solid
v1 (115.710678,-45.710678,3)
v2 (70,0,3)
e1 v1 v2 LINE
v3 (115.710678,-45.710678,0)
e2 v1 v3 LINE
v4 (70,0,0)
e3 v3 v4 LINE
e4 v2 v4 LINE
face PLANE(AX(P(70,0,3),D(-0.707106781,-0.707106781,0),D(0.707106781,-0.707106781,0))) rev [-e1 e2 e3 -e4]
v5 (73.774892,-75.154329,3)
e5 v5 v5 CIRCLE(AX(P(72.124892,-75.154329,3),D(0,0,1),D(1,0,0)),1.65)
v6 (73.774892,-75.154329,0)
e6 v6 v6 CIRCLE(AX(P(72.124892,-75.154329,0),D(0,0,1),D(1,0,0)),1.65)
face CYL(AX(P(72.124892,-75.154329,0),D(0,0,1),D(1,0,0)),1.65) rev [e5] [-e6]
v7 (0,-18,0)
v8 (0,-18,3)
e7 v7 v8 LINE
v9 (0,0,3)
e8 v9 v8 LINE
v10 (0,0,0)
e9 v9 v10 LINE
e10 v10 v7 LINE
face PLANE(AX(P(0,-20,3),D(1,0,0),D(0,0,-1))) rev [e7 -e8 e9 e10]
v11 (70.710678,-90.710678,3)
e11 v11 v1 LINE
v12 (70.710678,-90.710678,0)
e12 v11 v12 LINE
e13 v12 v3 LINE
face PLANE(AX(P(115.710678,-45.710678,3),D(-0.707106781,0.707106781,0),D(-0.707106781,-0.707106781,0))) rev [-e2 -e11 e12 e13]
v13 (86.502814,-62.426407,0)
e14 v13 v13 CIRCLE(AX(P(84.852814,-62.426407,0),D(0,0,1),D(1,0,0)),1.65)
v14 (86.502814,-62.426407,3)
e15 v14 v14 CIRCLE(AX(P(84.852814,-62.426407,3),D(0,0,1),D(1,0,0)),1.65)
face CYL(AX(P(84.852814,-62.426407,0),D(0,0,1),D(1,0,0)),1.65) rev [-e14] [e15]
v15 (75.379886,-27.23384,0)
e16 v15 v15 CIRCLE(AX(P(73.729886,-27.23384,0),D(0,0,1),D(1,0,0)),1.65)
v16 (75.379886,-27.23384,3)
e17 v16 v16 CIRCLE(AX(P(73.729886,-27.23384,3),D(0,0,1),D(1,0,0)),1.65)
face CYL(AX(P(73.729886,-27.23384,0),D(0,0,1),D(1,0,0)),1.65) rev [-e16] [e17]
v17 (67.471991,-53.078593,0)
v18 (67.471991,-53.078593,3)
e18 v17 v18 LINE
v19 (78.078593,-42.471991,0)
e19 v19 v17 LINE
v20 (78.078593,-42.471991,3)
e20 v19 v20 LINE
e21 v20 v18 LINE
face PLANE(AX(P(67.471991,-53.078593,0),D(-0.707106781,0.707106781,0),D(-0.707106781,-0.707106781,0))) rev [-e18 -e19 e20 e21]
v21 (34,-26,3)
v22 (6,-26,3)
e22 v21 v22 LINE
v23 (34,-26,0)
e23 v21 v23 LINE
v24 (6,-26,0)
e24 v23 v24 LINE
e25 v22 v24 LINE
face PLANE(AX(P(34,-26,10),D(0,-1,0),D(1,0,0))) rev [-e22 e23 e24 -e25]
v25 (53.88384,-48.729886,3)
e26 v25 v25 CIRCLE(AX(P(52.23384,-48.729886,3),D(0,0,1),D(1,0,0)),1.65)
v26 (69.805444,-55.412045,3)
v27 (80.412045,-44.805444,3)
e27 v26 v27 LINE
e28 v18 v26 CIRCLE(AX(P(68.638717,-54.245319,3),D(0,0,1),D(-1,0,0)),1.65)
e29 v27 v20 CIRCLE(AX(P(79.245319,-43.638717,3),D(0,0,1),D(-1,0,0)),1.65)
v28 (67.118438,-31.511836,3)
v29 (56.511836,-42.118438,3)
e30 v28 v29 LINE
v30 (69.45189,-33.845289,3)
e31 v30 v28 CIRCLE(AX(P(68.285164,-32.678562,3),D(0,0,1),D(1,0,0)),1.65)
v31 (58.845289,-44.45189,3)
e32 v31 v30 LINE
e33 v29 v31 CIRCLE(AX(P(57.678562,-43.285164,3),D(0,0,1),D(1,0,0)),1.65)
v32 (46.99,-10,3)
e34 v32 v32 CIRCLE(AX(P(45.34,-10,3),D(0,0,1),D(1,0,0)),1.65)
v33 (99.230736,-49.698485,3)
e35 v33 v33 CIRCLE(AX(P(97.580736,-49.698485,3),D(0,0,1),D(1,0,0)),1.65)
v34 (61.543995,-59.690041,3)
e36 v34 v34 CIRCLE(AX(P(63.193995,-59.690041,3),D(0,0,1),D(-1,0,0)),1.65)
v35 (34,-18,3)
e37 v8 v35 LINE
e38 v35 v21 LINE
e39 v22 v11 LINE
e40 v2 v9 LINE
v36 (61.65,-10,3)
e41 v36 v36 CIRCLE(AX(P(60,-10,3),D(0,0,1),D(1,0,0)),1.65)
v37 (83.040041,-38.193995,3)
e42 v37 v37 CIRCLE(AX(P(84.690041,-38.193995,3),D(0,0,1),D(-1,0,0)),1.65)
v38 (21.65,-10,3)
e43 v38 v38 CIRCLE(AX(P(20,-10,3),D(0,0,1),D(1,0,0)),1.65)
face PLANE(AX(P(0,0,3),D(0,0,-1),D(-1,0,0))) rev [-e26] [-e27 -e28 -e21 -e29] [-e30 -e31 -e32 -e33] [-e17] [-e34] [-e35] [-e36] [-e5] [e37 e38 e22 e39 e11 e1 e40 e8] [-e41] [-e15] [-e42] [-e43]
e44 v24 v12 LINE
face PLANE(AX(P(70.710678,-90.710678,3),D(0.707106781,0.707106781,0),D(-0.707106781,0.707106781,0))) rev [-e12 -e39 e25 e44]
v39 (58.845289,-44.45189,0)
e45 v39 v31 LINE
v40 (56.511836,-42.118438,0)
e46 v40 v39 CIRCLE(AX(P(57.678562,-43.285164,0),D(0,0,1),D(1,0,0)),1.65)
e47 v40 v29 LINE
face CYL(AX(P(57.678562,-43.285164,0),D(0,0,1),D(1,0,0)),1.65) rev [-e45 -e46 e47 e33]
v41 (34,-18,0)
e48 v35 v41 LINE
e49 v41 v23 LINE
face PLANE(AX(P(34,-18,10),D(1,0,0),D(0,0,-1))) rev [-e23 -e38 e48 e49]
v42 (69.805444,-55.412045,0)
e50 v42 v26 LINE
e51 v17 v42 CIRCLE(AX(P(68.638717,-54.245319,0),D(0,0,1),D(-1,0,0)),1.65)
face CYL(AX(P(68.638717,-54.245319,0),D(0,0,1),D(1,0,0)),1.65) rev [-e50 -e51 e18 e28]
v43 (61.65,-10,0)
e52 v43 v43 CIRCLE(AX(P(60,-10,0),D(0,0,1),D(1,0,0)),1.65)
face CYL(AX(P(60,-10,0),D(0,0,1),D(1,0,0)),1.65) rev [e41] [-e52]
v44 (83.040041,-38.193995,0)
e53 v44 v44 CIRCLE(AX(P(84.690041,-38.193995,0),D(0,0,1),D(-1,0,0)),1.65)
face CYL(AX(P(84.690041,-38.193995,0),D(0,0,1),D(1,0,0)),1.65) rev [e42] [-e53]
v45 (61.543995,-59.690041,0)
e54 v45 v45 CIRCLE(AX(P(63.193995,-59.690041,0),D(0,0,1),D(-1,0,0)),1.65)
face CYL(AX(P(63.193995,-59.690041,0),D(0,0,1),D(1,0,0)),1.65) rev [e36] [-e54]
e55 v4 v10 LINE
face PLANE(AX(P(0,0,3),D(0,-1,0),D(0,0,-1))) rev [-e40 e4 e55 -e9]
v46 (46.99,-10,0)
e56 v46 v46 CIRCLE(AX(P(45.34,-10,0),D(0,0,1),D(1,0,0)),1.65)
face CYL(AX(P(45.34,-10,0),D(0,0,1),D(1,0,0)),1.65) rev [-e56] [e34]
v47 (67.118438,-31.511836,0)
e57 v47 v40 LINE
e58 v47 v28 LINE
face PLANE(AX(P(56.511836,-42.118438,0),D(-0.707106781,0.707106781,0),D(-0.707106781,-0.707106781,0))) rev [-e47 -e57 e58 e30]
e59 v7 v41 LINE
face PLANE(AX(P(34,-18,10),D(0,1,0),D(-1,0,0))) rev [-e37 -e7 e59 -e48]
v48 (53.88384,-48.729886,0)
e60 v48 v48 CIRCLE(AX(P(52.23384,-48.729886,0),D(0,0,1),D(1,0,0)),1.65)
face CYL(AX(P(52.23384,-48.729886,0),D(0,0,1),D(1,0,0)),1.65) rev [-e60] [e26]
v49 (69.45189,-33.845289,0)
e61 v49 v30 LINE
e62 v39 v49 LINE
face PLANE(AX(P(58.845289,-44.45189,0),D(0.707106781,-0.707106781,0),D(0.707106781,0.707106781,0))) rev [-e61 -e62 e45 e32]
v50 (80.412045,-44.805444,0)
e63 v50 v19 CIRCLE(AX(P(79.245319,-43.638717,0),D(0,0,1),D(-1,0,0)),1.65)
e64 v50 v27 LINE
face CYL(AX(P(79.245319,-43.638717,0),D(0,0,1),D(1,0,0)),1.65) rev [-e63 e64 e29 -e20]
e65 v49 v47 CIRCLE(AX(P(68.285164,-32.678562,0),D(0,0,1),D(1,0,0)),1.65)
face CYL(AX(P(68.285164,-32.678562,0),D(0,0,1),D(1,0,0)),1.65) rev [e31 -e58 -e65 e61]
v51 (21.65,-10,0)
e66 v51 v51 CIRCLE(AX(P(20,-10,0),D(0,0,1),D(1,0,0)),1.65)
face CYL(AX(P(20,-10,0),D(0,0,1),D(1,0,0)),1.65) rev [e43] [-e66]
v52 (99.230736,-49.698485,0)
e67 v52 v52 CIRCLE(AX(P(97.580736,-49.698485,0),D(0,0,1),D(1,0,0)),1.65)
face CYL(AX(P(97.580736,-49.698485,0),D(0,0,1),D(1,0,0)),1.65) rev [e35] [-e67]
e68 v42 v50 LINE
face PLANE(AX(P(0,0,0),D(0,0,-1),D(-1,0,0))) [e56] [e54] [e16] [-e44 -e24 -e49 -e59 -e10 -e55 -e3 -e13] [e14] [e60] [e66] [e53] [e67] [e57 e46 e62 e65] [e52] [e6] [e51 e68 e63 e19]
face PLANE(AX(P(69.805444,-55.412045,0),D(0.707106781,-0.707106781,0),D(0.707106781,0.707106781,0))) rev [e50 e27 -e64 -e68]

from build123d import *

# Parameters (mm, degrees)
EXTRUDE_1_DEPTH     = 3
SKETCH_2_R          = 1.65
CUT_EXTRUDE_1_DEPTH = 148.059131493
CUT_EXTRUDE_2_DEPTH = 10


with BuildPart() as part:
    # 草图1 → 凸台-拉伸1 (new body)
    with BuildSketch(Plane.XY):
        Polygon((0, 0), (70, 0), (115.710678119, -45.710678119), (70.710678119, -90.710678119), (0, -20), align=None)
    extrude(amount=EXTRUDE_1_DEPTH)

    # 草图2 → 切除-拉伸1 (cut, through all)
    with BuildSketch(Plane.XY.offset(3)):
        with Locations((72.124891681, -75.154328933)):
            Circle(SKETCH_2_R)
        with Locations((97.580735804, -49.69848481)):
            Circle(SKETCH_2_R)
        with Locations((20, -10)):
            Circle(SKETCH_2_R)
        with Locations((45.34, -10)):
            Circle(SKETCH_2_R)
        with Locations((60, -10)):
            Circle(SKETCH_2_R)
        with Locations((73.729886297, -27.233840149)):
            Circle(SKETCH_2_R)
        with Locations((52.233840149, -48.729886297)):
            Circle(SKETCH_2_R)
        with Locations(Location((84.690041405, -38.193995257, 0), (0, 0, 180))):
            Circle(SKETCH_2_R)
        with Locations(Location((63.193995257, -59.690041405, 0), (0, 0, 180))):
            Circle(SKETCH_2_R)
        with Locations((84.852813742, -62.426406871)):
            Circle(SKETCH_2_R)
        with BuildLine():
            Line((56.511836175, -42.118437893), (67.118437893, -31.511836175))
            ThreePointArc((67.118437893, -31.511836175), (69.451890271, -31.511836175), (69.451890271, -33.845288553))
            Line((69.451890271, -33.845288553), (58.845288553, -44.451890271))
            ThreePointArc((58.845288553, -44.451890271), (56.511836175, -44.451890271), (56.511836175, -42.118437893))
        make_face()
        with BuildLine():
            Line((69.805443661, -55.412045379), (80.412045379, -44.805443661))
            ThreePointArc((80.412045379, -44.805443661), (80.412045379, -42.471991283), (78.078593001, -42.471991283))
            Line((78.078593001, -42.471991283), (67.471991283, -53.078593001))
            ThreePointArc((67.471991283, -53.078593001), (67.471991283, -55.412045379), (69.805443661, -55.412045379))
        make_face()
    extrude(amount=-CUT_EXTRUDE_1_DEPTH, mode=Mode.SUBTRACT)

    # 草图3 → 切除-拉伸2 (cut)
    with BuildSketch(Plane(origin=(0, 0, 0), x_dir=(-1, 0, 0), z_dir=(0, 0, -1))):
        Polygon((-34, -18), (2, -18), (-6, -26), (-34, -26), align=None)
    extrude(amount=-CUT_EXTRUDE_2_DEPTH, mode=Mode.SUBTRACT)


solid = part.part
